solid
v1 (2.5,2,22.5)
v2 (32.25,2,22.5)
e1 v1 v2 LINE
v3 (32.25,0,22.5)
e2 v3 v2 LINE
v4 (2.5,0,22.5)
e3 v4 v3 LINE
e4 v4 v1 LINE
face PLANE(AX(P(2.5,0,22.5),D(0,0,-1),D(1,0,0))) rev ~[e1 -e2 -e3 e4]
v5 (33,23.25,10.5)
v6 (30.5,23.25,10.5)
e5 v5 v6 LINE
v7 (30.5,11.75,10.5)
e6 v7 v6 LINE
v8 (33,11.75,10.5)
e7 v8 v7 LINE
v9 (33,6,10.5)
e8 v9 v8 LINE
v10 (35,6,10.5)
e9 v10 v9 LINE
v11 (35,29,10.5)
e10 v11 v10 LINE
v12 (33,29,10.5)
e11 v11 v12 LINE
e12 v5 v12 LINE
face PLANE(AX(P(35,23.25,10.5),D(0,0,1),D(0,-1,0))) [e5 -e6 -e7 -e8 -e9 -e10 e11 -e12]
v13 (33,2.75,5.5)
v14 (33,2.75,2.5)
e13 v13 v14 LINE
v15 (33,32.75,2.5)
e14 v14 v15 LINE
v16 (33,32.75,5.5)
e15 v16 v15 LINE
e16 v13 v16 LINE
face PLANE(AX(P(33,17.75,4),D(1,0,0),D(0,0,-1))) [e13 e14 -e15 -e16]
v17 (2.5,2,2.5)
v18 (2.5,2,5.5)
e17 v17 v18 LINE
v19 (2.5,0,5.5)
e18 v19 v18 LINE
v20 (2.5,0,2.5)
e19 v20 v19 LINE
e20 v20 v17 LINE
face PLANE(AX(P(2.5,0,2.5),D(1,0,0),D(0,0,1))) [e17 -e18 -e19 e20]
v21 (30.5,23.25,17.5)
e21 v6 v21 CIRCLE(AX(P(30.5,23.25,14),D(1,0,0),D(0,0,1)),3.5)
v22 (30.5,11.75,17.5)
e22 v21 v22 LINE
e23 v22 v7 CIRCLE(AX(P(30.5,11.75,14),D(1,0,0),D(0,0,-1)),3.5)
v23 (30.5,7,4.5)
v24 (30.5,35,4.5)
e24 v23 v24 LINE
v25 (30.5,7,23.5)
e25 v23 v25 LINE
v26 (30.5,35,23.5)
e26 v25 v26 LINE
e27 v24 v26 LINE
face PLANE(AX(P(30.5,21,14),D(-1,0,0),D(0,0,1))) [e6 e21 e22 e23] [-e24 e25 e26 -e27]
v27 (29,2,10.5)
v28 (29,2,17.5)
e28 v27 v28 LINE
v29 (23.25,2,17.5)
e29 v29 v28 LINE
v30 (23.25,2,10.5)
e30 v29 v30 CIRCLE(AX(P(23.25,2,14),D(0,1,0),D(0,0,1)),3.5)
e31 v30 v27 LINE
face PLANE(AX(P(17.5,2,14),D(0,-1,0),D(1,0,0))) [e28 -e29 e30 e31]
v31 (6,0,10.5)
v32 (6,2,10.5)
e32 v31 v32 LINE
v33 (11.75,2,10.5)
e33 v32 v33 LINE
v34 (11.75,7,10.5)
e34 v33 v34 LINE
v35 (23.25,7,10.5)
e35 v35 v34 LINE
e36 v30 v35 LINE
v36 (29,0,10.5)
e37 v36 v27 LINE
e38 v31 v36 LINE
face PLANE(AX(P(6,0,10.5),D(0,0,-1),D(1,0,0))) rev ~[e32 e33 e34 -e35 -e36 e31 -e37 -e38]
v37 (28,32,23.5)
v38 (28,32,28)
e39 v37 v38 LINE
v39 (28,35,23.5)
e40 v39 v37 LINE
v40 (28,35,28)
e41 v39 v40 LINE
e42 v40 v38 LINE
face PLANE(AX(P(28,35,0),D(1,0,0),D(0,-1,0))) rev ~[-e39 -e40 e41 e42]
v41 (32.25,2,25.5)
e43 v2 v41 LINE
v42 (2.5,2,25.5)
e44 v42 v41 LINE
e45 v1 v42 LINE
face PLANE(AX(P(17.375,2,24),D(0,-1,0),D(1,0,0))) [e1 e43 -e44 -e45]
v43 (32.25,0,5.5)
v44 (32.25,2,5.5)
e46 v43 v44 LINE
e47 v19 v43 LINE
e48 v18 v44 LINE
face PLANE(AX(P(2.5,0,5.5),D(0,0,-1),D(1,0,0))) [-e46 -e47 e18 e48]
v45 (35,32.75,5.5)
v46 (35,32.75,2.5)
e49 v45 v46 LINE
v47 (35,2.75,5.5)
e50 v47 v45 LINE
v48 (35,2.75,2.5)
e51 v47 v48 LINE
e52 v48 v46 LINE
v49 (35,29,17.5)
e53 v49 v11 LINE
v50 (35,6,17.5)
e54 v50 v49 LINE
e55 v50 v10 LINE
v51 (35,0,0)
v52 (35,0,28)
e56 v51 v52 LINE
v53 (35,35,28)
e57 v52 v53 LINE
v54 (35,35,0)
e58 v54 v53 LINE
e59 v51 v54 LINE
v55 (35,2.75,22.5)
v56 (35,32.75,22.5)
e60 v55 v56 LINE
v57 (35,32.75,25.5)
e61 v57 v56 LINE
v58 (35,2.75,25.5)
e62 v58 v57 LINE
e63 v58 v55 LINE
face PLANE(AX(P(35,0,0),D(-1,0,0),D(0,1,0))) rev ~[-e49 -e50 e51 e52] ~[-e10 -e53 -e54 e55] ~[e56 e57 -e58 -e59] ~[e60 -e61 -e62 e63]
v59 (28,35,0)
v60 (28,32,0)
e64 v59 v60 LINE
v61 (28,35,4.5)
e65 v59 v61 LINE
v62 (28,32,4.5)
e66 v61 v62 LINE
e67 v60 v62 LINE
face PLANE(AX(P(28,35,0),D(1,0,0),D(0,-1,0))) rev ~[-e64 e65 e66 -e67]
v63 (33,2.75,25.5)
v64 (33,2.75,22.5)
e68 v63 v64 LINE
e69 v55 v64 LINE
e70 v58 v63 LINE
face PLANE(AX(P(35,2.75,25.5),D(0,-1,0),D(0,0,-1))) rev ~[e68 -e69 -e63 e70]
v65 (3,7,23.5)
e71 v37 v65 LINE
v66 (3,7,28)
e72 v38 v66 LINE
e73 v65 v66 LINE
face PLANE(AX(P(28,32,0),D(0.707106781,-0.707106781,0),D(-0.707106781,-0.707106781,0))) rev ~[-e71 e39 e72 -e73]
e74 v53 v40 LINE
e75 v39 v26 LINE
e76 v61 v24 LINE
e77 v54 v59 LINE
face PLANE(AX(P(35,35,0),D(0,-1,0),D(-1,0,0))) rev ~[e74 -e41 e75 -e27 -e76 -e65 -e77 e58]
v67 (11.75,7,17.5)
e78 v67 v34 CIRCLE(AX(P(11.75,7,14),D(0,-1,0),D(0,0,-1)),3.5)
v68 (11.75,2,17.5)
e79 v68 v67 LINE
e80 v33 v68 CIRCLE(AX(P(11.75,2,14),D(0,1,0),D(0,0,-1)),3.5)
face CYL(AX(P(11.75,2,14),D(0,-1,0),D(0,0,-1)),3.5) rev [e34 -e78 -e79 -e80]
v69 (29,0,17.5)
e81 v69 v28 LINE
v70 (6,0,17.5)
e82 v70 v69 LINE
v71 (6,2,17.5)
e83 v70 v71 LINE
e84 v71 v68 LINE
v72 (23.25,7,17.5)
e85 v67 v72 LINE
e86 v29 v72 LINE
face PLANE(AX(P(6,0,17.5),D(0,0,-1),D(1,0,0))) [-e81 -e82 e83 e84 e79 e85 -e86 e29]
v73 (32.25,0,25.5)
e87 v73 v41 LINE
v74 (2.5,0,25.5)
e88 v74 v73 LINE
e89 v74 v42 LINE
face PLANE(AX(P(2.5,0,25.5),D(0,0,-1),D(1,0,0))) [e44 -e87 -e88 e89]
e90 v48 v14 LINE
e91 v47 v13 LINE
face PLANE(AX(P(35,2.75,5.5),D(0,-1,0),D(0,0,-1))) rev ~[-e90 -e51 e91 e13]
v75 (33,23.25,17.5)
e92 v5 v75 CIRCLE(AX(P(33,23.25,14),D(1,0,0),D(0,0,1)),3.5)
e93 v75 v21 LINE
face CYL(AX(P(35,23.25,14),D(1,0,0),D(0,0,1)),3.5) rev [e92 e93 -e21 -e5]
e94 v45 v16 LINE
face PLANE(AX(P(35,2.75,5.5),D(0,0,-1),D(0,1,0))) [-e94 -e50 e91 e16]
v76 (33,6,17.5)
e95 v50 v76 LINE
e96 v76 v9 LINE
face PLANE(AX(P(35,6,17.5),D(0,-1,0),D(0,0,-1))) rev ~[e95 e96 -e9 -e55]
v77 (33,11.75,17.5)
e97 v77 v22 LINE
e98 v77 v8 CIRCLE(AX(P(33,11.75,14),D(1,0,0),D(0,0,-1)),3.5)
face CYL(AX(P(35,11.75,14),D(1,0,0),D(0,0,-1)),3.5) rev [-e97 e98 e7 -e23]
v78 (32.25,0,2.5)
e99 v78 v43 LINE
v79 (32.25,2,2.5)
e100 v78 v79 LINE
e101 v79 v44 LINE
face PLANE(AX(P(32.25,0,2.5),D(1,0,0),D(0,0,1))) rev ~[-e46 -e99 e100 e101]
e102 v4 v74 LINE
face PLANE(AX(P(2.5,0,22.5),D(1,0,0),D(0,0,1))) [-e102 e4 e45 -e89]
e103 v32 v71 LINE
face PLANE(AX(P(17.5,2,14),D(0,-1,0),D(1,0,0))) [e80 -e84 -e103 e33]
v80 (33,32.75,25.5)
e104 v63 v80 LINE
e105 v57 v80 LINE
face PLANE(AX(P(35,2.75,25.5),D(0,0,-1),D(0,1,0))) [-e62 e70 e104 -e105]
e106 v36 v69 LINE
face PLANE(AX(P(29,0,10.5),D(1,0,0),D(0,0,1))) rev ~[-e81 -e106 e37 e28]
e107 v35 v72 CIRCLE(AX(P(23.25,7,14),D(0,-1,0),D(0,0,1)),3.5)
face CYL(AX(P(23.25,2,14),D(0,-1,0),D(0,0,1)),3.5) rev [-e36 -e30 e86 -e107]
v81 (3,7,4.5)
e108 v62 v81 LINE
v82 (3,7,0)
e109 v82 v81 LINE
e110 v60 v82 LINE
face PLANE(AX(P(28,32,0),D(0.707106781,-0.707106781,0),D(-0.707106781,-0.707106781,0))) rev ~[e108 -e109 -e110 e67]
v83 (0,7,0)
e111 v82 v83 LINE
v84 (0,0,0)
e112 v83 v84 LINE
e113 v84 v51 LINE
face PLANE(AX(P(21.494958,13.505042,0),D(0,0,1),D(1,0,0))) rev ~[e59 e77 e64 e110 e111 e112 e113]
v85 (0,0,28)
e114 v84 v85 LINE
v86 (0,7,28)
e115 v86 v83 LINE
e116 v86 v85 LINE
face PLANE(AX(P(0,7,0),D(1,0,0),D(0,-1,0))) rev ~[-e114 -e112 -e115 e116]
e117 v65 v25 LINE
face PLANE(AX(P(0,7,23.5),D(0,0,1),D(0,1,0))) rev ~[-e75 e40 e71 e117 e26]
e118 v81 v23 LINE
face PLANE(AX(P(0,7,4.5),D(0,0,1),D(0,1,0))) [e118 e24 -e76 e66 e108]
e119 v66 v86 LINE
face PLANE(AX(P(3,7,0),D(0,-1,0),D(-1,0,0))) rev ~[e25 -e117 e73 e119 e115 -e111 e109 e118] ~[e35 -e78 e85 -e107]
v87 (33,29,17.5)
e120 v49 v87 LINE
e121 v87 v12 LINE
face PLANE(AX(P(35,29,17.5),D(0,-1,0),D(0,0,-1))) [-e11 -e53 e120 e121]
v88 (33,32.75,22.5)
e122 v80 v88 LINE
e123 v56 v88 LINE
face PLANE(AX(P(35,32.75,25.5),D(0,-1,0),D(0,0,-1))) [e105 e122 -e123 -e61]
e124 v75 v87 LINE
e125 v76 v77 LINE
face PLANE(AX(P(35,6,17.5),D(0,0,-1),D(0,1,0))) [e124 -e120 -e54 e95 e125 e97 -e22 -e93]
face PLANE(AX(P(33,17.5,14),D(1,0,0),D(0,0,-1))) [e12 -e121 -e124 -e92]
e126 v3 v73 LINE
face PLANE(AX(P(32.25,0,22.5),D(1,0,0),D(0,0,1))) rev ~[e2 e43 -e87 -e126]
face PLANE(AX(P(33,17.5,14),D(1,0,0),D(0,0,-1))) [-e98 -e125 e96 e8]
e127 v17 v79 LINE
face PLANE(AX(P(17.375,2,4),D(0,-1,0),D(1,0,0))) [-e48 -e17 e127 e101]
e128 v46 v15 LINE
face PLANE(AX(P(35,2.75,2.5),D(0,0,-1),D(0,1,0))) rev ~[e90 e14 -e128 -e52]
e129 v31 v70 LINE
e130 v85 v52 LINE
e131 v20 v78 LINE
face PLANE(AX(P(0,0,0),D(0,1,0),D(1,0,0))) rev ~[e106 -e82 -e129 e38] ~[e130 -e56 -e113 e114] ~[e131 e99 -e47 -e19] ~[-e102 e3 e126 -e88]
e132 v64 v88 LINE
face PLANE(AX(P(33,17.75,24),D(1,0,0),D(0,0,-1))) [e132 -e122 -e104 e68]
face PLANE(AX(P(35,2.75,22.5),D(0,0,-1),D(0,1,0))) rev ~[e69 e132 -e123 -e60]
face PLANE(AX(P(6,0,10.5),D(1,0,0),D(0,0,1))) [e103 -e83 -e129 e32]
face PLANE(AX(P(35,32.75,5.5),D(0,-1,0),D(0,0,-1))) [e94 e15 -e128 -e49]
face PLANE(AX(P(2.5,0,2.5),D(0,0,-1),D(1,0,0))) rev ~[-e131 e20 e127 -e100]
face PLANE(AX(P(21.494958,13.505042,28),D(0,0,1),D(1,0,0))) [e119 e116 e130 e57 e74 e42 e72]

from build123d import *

# Parameters (mm, degrees)
BOSS_EXTRUDE1_DEPTH = 28
SKETCH3_W           = 19
SKETCH3_H           = 28
CUT_EXTRUDE1_DEPTH  = 30.5
SKETCH4_W           = 3
SKETCH4_H           = 30
CUT_EXTRUDE2_DEPTH  = 2
CUT_EXTRUDE3_DEPTH  = 36
SKETCH6_W           = 7
SKETCH6_H           = 23
CUT_EXTRUDE4_DEPTH  = 2
SKETCH11_W          = 29.75
SKETCH11_H          = 3
SKETCH11_W_2        = 23
SKETCH11_H_2        = 7
CUT_EXTRUDE6_DEPTH  = 2
CUT_EXTRUDE7_DEPTH  = 34


with BuildPart() as part:
    # Sketch1 → Boss-Extrude1 (new body)
    with BuildSketch(Plane.XY):
        Polygon((0, 0), (35, 0), (35, 35), (28, 35), (28, 32), (3, 7), (0, 7), align=None)
    extrude(amount=BOSS_EXTRUDE1_DEPTH)

    # Sketch3 → Cut-Extrude1 (cut)
    with BuildSketch(Plane.ZY):
        with Locations((14, 21)):
            Rectangle(SKETCH3_W, SKETCH3_H)
    extrude(amount=-CUT_EXTRUDE1_DEPTH, mode=Mode.SUBTRACT)

    # Sketch4 → Cut-Extrude2 (cut)
    with BuildSketch(Plane(origin=(35, 0, 0), x_dir=(0, 0, -1), z_dir=(1, 0, 0))):
        with Locations((-24, 17.75)):
            Rectangle(SKETCH4_W, SKETCH4_H)
        with Locations((-4, 17.75)):
            Rectangle(SKETCH4_W, SKETCH4_H)
    extrude(amount=-CUT_EXTRUDE2_DEPTH, mode=Mode.SUBTRACT)

    # Sketch5 → Cut-Extrude3 (cut, through all)
    with BuildSketch(Plane(origin=(35, 0, 0), x_dir=(0, 0, -1), z_dir=(1, 0, 0))):
        with BuildLine():
            Line((-10.5, 23.25), (-10.5, 11.75))
            ThreePointArc((-10.5, 11.75), (-14, 8.25), (-17.5, 11.75))
            Line((-17.5, 11.75), (-17.5, 23.25))
            ThreePointArc((-17.5, 23.25), (-14, 26.75), (-10.5, 23.25))
        make_face()
    extrude(amount=-CUT_EXTRUDE3_DEPTH, mode=Mode.SUBTRACT)

    # Sketch6 → Cut-Extrude4 (cut)
    with BuildSketch(Plane(origin=(35, 0, 0), x_dir=(0, 0, -1), z_dir=(1, 0, 0))):
        with Locations((-14, 17.5)):
            Rectangle(SKETCH6_W, SKETCH6_H)
    extrude(amount=-CUT_EXTRUDE4_DEPTH, mode=Mode.SUBTRACT)

    # Sketch11 → Cut-Extrude6 (cut)
    with BuildSketch(Plane.XZ):
        with Locations((17.375, 24)):
            Rectangle(SKETCH11_W, SKETCH11_H)
        with Locations((17.375, 4)):
            Rectangle(SKETCH11_W, SKETCH11_H)
        with Locations((17.5, 14)):
            Rectangle(SKETCH11_W_2, SKETCH11_H_2)
    extrude(amount=-CUT_EXTRUDE6_DEPTH, mode=Mode.SUBTRACT)

    # Sketch12 → Cut-Extrude7 (cut, through all)
    with BuildSketch(Plane.XZ.offset(-2)):
        with BuildLine():
            Line((11.75, 17.5), (23.25, 17.5))
            ThreePointArc((23.25, 17.5), (26.75, 14), (23.25, 10.5))
            Line((23.25, 10.5), (11.75, 10.5))
            ThreePointArc((11.75, 10.5), (8.25, 14), (11.75, 17.5))
        make_face()
    extrude(amount=-CUT_EXTRUDE7_DEPTH, mode=Mode.SUBTRACT)


solid = part.part
